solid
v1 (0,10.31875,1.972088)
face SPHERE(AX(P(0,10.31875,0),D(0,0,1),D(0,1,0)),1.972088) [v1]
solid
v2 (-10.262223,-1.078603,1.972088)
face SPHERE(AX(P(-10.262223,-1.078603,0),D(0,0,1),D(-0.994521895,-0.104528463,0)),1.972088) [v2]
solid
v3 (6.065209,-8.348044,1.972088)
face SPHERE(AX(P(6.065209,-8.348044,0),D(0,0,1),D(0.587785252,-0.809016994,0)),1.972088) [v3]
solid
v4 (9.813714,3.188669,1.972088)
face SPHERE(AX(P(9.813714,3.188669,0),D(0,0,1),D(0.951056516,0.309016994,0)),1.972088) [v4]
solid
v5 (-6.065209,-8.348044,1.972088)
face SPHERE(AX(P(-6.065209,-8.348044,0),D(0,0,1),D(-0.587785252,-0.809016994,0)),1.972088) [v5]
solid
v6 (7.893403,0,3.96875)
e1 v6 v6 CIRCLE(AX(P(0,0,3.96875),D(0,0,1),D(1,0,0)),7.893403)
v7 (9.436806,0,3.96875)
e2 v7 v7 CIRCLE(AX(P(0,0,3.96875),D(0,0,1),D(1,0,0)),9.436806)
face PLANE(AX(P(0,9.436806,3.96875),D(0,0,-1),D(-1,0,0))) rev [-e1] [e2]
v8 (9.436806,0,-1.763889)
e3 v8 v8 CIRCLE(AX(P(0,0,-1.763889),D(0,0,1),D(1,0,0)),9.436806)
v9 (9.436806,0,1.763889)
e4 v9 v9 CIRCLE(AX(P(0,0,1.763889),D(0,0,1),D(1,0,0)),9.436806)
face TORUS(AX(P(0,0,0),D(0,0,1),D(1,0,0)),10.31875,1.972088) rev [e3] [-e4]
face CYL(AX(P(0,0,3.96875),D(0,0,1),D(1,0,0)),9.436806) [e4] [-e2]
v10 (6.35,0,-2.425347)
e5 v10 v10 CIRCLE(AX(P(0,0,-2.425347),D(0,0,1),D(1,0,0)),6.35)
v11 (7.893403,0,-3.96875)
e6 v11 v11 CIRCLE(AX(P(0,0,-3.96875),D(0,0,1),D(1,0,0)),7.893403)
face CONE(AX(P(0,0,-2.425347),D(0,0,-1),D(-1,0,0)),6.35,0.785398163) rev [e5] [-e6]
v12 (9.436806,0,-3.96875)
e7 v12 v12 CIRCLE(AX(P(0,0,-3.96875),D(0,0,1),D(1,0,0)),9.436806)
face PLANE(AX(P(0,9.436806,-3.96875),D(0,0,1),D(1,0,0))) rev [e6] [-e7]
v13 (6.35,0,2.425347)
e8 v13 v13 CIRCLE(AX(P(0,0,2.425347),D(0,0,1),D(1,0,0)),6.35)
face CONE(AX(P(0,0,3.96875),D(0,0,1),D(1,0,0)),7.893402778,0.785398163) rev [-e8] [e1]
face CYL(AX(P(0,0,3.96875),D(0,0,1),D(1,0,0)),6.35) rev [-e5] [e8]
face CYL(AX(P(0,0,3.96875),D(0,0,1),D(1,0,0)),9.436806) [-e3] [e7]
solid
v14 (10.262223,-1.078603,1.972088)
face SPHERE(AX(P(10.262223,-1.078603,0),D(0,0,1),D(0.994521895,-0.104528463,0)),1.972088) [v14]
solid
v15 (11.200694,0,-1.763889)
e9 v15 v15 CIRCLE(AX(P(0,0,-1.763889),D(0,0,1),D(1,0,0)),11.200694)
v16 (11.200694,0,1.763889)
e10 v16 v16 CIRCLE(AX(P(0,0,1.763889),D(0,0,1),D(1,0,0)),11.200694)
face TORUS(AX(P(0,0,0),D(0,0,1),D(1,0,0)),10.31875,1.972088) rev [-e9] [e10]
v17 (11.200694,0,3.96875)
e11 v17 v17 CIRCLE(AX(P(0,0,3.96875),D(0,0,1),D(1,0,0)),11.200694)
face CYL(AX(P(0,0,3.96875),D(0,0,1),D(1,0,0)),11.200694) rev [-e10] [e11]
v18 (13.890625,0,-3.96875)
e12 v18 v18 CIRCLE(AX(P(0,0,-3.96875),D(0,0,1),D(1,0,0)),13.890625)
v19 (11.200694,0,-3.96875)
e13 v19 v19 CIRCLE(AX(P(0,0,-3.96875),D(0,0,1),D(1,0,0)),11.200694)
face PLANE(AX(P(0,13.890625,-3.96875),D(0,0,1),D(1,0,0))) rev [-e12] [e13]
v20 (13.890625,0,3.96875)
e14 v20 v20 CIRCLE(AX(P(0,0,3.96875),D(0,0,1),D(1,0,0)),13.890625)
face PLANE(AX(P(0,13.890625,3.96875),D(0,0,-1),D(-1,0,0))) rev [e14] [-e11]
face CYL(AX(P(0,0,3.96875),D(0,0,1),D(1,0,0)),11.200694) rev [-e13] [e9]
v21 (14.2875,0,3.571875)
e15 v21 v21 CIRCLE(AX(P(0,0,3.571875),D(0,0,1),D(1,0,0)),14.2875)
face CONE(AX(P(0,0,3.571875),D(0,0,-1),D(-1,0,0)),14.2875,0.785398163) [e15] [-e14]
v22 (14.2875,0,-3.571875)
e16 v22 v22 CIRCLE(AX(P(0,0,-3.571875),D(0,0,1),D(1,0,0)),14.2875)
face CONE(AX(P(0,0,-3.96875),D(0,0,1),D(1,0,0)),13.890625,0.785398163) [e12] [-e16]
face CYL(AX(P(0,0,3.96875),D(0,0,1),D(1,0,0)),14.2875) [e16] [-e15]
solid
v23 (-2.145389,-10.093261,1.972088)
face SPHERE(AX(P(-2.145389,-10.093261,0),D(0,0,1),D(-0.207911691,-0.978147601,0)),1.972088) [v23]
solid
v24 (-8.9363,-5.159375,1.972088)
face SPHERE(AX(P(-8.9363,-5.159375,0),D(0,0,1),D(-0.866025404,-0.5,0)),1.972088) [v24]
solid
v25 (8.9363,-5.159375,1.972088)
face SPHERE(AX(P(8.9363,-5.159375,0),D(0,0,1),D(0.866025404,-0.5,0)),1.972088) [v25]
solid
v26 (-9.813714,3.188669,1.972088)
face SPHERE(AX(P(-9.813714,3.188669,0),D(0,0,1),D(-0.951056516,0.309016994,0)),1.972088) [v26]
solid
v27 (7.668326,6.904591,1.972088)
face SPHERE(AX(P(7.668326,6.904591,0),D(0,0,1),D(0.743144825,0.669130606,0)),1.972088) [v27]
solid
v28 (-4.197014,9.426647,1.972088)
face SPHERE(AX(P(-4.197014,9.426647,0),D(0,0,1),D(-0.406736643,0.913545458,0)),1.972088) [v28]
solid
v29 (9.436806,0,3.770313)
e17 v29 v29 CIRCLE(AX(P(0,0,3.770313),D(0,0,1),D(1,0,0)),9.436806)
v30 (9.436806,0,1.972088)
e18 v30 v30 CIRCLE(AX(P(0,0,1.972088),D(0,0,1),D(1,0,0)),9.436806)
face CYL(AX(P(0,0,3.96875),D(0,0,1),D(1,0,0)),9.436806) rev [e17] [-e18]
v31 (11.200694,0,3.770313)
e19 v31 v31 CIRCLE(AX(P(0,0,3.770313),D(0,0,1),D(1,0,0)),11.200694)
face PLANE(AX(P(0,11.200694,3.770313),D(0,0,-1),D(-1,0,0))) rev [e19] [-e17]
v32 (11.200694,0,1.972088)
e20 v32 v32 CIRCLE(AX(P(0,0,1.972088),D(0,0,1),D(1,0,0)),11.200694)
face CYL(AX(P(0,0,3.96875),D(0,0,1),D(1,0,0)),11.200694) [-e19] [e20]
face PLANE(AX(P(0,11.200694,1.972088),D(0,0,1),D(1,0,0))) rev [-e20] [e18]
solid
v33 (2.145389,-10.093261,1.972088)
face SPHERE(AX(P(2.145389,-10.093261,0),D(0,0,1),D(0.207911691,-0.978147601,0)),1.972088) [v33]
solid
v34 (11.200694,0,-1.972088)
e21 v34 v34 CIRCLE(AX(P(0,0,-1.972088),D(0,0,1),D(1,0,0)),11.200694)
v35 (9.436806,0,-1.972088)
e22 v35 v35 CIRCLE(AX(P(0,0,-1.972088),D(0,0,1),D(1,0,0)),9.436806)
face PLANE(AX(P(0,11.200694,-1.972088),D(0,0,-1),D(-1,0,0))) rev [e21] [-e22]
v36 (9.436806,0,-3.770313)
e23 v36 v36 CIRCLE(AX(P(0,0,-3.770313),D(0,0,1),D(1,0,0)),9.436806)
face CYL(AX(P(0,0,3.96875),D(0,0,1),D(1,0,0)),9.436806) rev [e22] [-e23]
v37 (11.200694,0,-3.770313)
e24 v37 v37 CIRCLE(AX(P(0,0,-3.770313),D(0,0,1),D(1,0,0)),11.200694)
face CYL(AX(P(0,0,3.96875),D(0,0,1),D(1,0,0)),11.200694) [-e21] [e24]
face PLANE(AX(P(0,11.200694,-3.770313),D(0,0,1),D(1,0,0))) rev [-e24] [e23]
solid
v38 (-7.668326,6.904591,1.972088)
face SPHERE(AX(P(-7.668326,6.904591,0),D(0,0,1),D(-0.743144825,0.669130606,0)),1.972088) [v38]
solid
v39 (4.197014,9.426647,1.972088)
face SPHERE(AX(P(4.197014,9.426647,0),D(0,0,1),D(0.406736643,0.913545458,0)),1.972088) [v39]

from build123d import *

# Parameters (mm, degrees)
CIRPATTERN1_COUNT = 15
SKETCH5_W         = 1.79822477
SKETCH5_H         = 1.763888888


with BuildPart() as part:
    # Sketch1 → Revolve1 (revolve)
    with BuildSketch(Plane(origin=(0, 0, 0), x_dir=(0, 0, -1), z_dir=(1, 0, 0))):
        with BuildLine():
            Line((3.571875, 14.2875), (-3.571875, 14.2875))
            Line((-3.571875, 14.2875), (-3.96875, 13.890625))
            Line((-3.96875, 13.890625), (-3.96875, 11.200694444))
            Line((-3.96875, 11.200694444), (-1.763888889, 11.200694444))
            ThreePointArc((-1.763888889, 11.200694444), (0, 12.29083773), (1.763888889, 11.200694444))
            Line((1.763888889, 11.200694444), (3.96875, 11.200694444))
            Line((3.96875, 11.200694444), (3.96875, 13.890625))
            Line((3.96875, 13.890625), (3.571875, 14.2875))
        make_face()
    revolve(axis=Axis((0, 0, 3.96875), (0, 0, -1)))


with BuildPart() as body_2:
    # Sketch2 → Revolve2 (revolve)
    with BuildSketch(Plane(origin=(0, 0, 0), x_dir=(0, 0, -1), z_dir=(1, 0, 0))):
        with BuildLine():
            Line((-3.96875, 9.436805556), (-1.763888889, 9.436805556))
            ThreePointArc((-1.763888889, 9.436805556), (0, 8.34666227), (1.763888889, 9.436805556))
            Line((1.763888889, 9.436805556), (3.96875, 9.436805556))
            Line((3.96875, 9.436805556), (3.96875, 7.893402778))
            Line((3.96875, 7.893402778), (2.425347222, 6.35))
            Line((2.425347222, 6.35), (-2.425347222, 6.35))
            Line((-2.425347222, 6.35), (-3.96875, 7.893402778))
            Line((-3.96875, 7.893402778), (-3.96875, 9.436805556))
        make_face()
    revolve(axis=Axis((0, 0, 3.96875), (0, 0, -1)))


with BuildPart() as body_3:
    # Sketch3 → Revolve3 (revolve)
    with BuildSketch(Plane(origin=(0, 0, 0), x_dir=(0, 0, -1), z_dir=(1, 0, 0))):
        with BuildLine():
            Line((-1.97208773, 10.31875), (1.97208773, 10.31875))
            ThreePointArc((1.97208773, 10.31875), (0, 12.29083773), (-1.97208773, 10.31875))
        make_face()
    revolve(axis=Axis((0, 10.31875, 1.97208773), (0, 0, -1)))


with BuildPart() as cirpattern1_1:
    # CirPattern1: pattern copy
    add(body_3.part.rotate(Axis((0, 0, -3.96875), (0, 0, 1)), 1 * 360 / CIRPATTERN1_COUNT))


with BuildPart() as cirpattern1_2:
    # CirPattern1: pattern copy
    add(body_3.part.rotate(Axis((0, 0, -3.96875), (0, 0, 1)), 2 * 360 / CIRPATTERN1_COUNT))


with BuildPart() as cirpattern1_3:
    # CirPattern1: pattern copy
    add(body_3.part.rotate(Axis((0, 0, -3.96875), (0, 0, 1)), 3 * 360 / CIRPATTERN1_COUNT))


with BuildPart() as cirpattern1_4:
    # CirPattern1: pattern copy
    add(body_3.part.rotate(Axis((0, 0, -3.96875), (0, 0, 1)), 4 * 360 / CIRPATTERN1_COUNT))


with BuildPart() as cirpattern1_5:
    # CirPattern1: pattern copy
    add(body_3.part.rotate(Axis((0, 0, -3.96875), (0, 0, 1)), 5 * 360 / CIRPATTERN1_COUNT))


with BuildPart() as cirpattern1_6:
    # CirPattern1: pattern copy
    add(body_3.part.rotate(Axis((0, 0, -3.96875), (0, 0, 1)), 6 * 360 / CIRPATTERN1_COUNT))


with BuildPart() as cirpattern1_7:
    # CirPattern1: pattern copy
    add(body_3.part.rotate(Axis((0, 0, -3.96875), (0, 0, 1)), 7 * 360 / CIRPATTERN1_COUNT))


with BuildPart() as cirpattern1_8:
    # CirPattern1: pattern copy
    add(body_3.part.rotate(Axis((0, 0, -3.96875), (0, 0, 1)), 8 * 360 / CIRPATTERN1_COUNT))


with BuildPart() as cirpattern1_9:
    # CirPattern1: pattern copy
    add(body_3.part.rotate(Axis((0, 0, -3.96875), (0, 0, 1)), 9 * 360 / CIRPATTERN1_COUNT))


with BuildPart() as cirpattern1_10:
    # CirPattern1: pattern copy
    add(body_3.part.rotate(Axis((0, 0, -3.96875), (0, 0, 1)), 10 * 360 / CIRPATTERN1_COUNT))


with BuildPart() as cirpattern1_11:
    # CirPattern1: pattern copy
    add(body_3.part.rotate(Axis((0, 0, -3.96875), (0, 0, 1)), 11 * 360 / CIRPATTERN1_COUNT))


with BuildPart() as cirpattern1_12:
    # CirPattern1: pattern copy
    add(body_3.part.rotate(Axis((0, 0, -3.96875), (0, 0, 1)), 12 * 360 / CIRPATTERN1_COUNT))


with BuildPart() as cirpattern1_13:
    # CirPattern1: pattern copy
    add(body_3.part.rotate(Axis((0, 0, -3.96875), (0, 0, 1)), 13 * 360 / CIRPATTERN1_COUNT))


with BuildPart() as cirpattern1_14:
    # CirPattern1: pattern copy
    add(body_3.part.rotate(Axis((0, 0, -3.96875), (0, 0, 1)), 14 * 360 / CIRPATTERN1_COUNT))


with BuildPart() as body_18:
    # Sketch5 → Revolve5 (revolve)
    with BuildSketch(Plane(origin=(0, 0, 0), x_dir=(0, 0, -1), z_dir=(1, 0, 0))):
        with Locations((-2.871200115, 10.31875)):
            Rectangle(SKETCH5_W, SKETCH5_H)
        with Locations((2.871200115, 10.31875)):
            Rectangle(SKETCH5_W, SKETCH5_H)
    revolve(axis=Axis((0, 0, 3.96875), (0, 0, -1)))


solid = Compound([part.part, body_2.part, body_3.part, cirpattern1_1.part, cirpattern1_2.part, cirpattern1_3.part, cirpattern1_4.part, cirpattern1_5.part, cirpattern1_6.part, cirpattern1_7.part, cirpattern1_8.part, cirpattern1_9.part, cirpattern1_10.part, cirpattern1_11.part, cirpattern1_12.part, cirpattern1_13.part, cirpattern1_14.part, body_18.part])
